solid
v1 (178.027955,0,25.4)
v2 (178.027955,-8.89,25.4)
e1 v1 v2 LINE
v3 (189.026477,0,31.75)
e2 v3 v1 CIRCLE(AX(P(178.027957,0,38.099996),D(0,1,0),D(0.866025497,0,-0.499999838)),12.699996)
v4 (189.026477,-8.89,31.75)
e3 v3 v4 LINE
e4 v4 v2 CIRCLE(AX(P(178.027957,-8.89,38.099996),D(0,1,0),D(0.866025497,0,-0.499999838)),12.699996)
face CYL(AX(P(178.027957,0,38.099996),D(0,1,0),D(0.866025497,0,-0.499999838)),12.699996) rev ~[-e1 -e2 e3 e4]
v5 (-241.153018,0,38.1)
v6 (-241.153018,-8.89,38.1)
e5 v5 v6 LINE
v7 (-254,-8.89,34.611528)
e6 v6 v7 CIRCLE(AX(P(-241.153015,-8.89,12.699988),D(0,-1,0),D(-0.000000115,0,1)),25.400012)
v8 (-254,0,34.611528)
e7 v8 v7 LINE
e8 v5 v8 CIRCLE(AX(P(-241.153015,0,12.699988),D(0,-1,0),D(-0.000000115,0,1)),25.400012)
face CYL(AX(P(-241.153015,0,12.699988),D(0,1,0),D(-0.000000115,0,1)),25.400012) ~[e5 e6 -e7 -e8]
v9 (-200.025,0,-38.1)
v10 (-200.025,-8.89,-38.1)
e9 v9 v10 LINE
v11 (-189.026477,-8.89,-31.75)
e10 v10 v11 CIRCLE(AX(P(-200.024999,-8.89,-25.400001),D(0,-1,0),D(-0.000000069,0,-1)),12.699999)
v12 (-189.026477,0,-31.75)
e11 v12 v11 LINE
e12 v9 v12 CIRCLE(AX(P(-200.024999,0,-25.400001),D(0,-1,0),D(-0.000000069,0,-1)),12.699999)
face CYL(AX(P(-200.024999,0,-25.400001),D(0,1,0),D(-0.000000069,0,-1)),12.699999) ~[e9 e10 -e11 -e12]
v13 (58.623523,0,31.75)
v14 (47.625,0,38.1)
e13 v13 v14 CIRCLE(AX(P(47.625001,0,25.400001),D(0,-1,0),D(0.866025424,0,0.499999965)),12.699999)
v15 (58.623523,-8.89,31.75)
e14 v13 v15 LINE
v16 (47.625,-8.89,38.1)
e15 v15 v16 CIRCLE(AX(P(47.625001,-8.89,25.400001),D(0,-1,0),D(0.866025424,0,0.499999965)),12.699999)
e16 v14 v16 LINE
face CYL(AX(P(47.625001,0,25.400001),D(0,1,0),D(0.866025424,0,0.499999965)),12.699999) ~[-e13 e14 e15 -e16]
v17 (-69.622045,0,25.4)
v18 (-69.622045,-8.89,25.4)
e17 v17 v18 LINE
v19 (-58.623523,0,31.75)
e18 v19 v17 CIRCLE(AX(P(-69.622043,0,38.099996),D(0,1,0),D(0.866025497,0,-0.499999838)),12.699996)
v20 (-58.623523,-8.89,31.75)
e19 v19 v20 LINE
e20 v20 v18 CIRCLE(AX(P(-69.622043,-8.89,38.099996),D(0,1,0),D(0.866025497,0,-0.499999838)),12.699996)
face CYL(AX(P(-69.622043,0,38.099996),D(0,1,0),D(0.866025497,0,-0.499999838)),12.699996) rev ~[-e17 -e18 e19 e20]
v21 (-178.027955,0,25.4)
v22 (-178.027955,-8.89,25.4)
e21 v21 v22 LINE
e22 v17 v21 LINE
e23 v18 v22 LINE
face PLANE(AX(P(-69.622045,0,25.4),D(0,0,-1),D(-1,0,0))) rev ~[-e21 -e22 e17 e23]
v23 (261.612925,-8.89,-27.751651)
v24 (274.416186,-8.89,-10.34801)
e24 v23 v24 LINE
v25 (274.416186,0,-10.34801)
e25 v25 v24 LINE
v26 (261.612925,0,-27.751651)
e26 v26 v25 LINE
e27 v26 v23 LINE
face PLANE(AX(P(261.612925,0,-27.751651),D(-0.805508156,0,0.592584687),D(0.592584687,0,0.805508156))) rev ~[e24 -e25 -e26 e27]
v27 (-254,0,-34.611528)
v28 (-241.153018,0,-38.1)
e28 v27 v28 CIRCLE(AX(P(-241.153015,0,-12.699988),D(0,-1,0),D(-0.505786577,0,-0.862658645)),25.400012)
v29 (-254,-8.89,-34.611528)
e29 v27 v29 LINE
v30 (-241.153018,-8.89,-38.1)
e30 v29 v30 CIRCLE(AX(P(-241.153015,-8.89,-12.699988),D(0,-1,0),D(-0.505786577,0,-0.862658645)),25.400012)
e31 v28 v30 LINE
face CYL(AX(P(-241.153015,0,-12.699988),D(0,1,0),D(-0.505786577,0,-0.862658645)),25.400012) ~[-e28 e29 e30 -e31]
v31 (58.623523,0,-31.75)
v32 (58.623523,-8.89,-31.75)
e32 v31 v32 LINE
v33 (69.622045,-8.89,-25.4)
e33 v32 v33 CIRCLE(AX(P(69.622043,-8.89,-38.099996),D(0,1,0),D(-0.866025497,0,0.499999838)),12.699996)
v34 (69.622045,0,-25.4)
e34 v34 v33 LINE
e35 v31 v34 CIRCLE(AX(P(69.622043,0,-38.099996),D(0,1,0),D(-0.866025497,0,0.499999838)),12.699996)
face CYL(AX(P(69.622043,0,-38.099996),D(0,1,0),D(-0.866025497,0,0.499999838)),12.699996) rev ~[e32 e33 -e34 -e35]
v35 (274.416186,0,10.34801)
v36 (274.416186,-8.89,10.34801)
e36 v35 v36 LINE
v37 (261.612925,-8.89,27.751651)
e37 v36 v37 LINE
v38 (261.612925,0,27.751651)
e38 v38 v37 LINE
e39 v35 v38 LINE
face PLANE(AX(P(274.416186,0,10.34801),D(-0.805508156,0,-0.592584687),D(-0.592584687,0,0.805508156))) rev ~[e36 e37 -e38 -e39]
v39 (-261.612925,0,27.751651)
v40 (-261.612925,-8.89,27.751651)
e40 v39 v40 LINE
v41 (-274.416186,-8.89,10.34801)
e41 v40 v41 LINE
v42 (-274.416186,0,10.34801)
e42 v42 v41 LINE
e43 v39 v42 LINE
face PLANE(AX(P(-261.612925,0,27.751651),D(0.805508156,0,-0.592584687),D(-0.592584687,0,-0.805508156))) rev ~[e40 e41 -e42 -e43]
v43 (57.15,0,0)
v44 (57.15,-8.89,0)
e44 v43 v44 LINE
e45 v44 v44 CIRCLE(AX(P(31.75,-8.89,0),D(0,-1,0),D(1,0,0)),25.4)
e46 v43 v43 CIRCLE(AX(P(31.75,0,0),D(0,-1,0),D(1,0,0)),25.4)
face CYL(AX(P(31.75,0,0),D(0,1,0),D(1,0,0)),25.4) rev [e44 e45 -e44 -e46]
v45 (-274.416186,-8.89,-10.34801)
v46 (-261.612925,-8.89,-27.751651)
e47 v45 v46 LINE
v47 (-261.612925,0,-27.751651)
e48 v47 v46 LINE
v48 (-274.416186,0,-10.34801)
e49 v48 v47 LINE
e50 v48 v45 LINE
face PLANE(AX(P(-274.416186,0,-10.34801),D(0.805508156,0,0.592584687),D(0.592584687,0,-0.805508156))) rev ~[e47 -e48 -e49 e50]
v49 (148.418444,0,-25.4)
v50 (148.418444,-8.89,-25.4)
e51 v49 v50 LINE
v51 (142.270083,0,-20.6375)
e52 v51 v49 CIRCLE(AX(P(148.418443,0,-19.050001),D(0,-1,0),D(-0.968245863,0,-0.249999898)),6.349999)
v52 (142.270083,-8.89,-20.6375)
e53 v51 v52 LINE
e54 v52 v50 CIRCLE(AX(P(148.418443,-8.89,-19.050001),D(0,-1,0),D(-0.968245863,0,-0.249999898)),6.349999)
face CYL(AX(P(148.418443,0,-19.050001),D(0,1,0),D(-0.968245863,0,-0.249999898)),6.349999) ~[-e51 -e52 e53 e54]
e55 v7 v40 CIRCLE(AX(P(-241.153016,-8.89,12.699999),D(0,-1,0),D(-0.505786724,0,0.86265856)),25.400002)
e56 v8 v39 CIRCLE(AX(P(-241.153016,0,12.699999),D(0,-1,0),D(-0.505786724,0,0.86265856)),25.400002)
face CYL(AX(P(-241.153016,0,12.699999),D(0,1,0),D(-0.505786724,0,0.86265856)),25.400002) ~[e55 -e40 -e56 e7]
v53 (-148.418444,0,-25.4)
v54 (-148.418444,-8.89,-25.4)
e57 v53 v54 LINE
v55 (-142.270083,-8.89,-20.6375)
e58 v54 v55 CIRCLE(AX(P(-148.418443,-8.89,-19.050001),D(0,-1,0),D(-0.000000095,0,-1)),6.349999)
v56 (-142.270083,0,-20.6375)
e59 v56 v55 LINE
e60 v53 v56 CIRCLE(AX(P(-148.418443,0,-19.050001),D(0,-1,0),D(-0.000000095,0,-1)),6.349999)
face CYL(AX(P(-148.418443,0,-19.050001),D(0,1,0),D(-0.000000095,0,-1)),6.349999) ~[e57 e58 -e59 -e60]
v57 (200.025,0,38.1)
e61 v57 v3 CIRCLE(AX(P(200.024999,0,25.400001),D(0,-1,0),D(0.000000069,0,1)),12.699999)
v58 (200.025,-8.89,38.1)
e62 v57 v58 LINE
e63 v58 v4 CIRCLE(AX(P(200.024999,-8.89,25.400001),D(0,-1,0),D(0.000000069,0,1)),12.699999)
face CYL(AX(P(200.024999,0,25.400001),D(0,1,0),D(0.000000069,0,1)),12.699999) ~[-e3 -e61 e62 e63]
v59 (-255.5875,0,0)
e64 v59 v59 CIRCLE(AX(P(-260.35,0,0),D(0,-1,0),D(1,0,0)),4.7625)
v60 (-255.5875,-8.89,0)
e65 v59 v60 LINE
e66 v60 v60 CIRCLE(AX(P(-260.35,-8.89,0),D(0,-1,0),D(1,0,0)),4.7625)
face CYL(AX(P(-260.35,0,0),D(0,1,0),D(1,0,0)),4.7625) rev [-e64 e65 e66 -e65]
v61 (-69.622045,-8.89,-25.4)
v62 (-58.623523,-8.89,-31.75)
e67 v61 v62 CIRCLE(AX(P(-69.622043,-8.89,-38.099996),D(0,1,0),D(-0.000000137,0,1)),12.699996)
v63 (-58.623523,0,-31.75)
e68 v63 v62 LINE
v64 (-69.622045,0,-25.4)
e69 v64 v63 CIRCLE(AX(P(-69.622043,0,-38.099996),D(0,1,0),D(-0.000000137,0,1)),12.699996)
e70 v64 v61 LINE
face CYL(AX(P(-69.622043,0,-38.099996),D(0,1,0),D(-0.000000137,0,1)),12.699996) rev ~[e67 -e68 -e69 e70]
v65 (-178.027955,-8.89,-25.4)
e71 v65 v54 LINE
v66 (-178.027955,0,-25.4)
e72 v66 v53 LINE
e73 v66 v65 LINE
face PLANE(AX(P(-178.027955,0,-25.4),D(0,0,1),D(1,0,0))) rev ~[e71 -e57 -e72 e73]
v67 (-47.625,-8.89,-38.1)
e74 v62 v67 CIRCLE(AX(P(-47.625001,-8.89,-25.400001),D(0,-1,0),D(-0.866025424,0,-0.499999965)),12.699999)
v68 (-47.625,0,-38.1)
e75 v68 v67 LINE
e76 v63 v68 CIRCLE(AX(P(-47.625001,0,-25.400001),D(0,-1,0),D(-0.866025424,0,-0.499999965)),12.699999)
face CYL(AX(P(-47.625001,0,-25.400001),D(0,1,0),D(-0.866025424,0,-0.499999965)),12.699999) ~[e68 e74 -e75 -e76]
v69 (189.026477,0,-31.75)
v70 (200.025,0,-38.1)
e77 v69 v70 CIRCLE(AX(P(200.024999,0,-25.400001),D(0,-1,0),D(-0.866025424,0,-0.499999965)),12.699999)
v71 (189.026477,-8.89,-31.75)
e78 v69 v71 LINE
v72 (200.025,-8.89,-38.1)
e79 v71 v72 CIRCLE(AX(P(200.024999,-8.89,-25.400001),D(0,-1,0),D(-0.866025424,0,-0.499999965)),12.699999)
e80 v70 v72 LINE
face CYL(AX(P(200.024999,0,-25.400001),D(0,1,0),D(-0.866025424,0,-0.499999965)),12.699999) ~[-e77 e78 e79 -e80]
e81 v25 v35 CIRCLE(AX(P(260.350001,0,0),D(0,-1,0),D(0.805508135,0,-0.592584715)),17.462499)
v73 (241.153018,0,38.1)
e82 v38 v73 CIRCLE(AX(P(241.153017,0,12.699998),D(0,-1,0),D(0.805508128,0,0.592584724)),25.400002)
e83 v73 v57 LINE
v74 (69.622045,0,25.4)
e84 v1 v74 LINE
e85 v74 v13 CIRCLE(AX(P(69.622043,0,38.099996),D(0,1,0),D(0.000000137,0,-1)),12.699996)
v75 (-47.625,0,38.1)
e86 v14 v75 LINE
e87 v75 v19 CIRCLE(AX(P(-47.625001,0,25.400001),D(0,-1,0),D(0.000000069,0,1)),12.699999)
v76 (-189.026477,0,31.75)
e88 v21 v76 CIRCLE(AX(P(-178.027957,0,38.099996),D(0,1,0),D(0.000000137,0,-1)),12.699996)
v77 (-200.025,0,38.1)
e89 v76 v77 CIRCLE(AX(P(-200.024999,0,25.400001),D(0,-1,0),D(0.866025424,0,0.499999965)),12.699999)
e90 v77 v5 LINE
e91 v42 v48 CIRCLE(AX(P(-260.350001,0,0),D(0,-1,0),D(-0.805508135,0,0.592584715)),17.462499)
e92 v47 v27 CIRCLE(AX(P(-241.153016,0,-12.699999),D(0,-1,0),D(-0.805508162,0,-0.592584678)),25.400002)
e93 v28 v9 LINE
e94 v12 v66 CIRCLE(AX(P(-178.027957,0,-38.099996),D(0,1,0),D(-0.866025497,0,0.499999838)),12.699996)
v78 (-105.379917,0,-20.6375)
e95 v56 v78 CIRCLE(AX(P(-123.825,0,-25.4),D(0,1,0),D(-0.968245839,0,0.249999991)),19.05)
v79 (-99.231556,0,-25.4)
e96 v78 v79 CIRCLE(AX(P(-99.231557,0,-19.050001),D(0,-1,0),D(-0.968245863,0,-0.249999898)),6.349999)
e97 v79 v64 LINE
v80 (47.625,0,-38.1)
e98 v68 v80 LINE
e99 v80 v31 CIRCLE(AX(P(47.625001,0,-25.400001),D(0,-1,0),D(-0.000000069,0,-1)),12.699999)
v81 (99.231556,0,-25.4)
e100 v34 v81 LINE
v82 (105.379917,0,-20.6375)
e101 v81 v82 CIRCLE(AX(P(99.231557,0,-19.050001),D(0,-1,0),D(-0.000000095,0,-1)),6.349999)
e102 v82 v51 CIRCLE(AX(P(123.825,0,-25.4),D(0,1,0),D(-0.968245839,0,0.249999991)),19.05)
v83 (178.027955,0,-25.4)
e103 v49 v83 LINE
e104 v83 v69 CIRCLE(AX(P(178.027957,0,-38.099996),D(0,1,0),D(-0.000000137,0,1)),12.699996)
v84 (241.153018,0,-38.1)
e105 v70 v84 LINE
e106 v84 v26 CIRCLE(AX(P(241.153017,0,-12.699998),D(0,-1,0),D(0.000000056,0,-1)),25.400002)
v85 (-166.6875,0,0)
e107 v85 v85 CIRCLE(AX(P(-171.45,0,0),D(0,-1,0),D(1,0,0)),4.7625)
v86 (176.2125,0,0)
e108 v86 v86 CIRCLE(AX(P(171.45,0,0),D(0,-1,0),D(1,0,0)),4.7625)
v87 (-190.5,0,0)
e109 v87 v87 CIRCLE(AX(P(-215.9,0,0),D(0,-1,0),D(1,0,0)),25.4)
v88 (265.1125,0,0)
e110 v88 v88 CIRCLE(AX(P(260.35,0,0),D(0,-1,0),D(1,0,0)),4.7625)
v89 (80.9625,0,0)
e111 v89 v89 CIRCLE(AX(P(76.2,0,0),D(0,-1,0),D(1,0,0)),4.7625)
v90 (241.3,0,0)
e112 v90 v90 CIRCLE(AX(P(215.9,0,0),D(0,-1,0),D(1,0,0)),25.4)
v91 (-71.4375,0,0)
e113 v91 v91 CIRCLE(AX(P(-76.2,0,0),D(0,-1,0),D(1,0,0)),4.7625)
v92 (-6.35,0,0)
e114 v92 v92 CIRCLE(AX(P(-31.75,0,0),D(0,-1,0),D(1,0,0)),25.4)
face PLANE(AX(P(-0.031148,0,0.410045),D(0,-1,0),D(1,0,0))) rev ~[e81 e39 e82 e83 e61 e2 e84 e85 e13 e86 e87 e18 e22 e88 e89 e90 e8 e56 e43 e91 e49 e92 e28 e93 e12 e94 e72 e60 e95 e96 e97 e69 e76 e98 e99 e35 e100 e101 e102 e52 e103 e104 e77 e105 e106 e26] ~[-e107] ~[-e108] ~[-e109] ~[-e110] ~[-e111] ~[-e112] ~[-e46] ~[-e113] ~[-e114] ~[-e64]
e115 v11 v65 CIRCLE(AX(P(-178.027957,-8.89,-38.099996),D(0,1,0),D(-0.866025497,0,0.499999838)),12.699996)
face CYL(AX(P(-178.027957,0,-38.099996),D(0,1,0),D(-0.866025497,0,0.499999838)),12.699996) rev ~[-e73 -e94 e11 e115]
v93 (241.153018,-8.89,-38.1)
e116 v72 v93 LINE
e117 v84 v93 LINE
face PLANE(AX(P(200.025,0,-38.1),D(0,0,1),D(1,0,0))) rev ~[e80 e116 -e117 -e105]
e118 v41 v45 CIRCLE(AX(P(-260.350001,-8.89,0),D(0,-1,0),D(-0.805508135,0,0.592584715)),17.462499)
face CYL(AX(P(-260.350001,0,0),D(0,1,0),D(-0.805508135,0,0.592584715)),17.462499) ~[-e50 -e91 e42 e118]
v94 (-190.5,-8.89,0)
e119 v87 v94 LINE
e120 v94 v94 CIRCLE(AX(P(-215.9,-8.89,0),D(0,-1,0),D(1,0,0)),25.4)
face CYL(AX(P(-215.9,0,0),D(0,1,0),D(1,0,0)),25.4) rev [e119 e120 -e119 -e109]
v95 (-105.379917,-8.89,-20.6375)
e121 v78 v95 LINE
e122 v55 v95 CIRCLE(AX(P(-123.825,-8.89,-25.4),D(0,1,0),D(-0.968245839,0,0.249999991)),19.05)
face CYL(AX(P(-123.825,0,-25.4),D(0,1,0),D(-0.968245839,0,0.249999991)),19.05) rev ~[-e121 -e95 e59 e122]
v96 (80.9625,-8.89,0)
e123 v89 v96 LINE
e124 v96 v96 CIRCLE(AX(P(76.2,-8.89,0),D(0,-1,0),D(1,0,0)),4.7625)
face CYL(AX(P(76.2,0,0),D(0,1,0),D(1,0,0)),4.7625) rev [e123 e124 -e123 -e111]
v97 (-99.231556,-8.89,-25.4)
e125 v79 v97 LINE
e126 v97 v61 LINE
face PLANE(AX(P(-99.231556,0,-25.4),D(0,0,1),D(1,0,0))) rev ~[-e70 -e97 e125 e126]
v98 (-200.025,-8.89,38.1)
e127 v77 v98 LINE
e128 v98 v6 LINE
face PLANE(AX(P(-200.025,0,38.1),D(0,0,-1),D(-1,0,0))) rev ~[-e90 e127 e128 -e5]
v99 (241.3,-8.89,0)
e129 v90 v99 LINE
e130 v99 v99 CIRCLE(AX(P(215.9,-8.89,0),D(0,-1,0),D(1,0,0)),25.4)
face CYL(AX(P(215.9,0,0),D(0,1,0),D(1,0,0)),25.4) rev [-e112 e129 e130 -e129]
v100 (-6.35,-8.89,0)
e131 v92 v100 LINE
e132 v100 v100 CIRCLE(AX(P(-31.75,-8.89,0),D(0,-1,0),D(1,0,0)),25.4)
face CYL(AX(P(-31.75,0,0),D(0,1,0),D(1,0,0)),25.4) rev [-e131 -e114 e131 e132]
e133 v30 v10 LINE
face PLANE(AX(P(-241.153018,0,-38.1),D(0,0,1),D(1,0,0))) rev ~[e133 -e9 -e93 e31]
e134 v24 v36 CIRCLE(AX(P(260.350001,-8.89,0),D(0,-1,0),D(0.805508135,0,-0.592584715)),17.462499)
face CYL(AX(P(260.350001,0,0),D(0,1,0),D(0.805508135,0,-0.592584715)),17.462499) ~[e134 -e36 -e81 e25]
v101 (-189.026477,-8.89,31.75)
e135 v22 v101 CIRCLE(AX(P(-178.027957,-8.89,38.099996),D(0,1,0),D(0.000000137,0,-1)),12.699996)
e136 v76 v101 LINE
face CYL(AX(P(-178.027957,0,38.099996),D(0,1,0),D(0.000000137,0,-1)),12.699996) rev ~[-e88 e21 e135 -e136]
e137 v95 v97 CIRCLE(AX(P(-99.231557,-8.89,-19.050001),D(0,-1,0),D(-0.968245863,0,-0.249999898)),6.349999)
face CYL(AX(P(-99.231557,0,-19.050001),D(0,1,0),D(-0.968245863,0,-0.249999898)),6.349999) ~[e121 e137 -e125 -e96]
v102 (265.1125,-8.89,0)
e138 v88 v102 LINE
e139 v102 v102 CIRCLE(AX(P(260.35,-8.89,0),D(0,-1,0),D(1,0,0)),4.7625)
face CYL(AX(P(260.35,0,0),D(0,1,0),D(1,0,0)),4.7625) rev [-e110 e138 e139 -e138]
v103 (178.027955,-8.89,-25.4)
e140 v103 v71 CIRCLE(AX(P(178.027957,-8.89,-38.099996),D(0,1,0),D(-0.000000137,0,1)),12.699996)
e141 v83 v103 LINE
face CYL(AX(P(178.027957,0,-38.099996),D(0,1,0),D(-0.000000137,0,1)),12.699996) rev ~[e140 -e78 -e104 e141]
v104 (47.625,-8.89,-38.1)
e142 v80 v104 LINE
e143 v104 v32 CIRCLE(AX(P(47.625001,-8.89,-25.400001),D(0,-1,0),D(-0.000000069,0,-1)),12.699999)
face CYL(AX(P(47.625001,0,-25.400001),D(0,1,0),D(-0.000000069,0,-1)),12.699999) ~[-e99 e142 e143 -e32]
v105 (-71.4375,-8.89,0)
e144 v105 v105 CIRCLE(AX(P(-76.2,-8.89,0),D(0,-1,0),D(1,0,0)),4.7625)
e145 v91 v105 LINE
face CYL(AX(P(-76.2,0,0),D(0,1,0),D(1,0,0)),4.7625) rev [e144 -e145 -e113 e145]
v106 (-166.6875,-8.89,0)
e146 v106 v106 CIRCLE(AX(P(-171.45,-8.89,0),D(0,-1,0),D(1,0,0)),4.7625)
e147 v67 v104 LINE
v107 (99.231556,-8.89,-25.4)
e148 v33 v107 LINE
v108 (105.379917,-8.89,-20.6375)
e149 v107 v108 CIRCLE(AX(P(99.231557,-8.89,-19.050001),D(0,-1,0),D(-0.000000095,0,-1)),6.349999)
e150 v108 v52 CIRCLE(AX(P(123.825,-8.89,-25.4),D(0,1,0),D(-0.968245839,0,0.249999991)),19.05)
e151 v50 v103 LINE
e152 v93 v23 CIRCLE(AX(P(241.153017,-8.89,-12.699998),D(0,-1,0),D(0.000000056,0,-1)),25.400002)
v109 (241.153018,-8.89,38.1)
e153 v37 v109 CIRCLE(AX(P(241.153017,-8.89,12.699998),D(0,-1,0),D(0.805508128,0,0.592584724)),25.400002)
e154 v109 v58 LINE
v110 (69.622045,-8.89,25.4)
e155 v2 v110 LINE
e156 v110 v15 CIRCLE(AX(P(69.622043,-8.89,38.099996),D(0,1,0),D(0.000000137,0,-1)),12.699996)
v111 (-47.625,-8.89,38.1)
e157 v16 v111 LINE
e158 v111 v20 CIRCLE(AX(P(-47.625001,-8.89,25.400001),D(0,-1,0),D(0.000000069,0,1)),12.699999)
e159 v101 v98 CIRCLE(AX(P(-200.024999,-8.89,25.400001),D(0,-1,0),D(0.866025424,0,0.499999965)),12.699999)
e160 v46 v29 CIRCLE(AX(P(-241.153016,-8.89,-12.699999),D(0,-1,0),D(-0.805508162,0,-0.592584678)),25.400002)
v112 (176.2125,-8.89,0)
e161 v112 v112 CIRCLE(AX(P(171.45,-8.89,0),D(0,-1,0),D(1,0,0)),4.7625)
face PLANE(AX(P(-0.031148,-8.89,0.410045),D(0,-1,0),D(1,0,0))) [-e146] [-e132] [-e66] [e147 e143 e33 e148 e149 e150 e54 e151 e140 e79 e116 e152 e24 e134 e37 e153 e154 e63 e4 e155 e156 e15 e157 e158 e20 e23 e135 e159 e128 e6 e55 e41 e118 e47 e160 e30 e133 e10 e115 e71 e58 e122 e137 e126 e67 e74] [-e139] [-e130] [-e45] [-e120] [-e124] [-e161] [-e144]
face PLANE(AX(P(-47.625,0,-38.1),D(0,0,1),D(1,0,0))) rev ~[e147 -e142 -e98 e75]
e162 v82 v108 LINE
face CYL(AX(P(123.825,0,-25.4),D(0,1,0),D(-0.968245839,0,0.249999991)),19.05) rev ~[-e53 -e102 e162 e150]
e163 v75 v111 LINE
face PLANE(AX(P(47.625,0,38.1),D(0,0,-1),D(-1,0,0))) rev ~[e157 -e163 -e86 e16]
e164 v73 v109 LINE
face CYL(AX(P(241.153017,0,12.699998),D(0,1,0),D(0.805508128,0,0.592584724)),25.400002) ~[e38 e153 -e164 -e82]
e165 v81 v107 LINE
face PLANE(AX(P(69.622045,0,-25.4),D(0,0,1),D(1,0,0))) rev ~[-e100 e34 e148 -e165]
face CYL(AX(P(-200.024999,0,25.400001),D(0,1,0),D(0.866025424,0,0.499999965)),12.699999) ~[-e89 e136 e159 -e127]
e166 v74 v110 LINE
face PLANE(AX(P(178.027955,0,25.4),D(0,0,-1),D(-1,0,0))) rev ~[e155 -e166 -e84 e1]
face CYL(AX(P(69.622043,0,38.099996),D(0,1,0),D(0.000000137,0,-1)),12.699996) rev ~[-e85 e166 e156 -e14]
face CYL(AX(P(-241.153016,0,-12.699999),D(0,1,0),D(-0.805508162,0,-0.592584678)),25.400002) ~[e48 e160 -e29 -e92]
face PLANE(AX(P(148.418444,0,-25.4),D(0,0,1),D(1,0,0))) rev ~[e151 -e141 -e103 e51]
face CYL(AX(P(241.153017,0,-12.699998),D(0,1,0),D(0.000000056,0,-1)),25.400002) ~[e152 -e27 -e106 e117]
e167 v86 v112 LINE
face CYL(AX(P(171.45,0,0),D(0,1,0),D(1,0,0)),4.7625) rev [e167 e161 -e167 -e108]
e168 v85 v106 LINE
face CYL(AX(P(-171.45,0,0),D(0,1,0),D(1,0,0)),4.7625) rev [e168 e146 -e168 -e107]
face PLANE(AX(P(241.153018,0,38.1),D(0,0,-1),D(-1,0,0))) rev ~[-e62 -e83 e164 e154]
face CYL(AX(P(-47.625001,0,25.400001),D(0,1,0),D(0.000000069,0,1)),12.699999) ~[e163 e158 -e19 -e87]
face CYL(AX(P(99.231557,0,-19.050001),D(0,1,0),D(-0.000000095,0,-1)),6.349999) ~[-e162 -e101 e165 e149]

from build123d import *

# Parameters (mm, degrees)
F0_R     = 4.7625
F0_R_2   = 25.4
F1_DEPTH = 8.89


with BuildPart() as f1:
    # F0 (on Front) → F1 (new body)
    with BuildSketch(Plane.XZ):
        with BuildLine():
            Line((-200.025, 38.1), (-241.153018, 38.1))
            ThreePointArc((-241.153018, 38.1), (-247.809113, 37.212372), (-254, 34.611528))
            ThreePointArc((-254, 34.611528), (-258.156009, 31.569507), (-261.612925, 27.751651))
            Line((-261.612925, 27.751651), (-274.416186, 10.34801))
            ThreePointArc((-274.416186, 10.34801), (-277.8125, 0), (-274.416186, -10.34801))
            Line((-274.416186, -10.34801), (-261.612925, -27.751651))
            ThreePointArc((-261.612925, -27.751651), (-258.156009, -31.569507), (-254, -34.611528))
            ThreePointArc((-254, -34.611528), (-247.809113, -37.212372), (-241.153018, -38.1))
            Line((-241.153018, -38.1), (-200.025, -38.1))
            ThreePointArc((-200.025, -38.1), (-193.675, -36.398523), (-189.026477, -31.75))
            ThreePointArc((-189.026477, -31.75), (-184.377955, -27.101477), (-178.027955, -25.4))
            Line((-178.027955, -25.4), (-148.418444, -25.4))
            ThreePointArc((-148.418444, -25.4), (-144.529879, -24.070116), (-142.270083, -20.6375))
            ThreePointArc((-142.270083, -20.6375), (-123.825, -6.35), (-105.379917, -20.6375))
            ThreePointArc((-105.379917, -20.6375), (-103.120121, -24.070116), (-99.231556, -25.4))
            Line((-99.231556, -25.4), (-69.622045, -25.4))
            ThreePointArc((-69.622045, -25.4), (-63.272045, -27.101477), (-58.623523, -31.75))
            ThreePointArc((-58.623523, -31.75), (-53.975, -36.398523), (-47.625, -38.1))
            Line((-47.625, -38.1), (47.625, -38.1))
            ThreePointArc((47.625, -38.1), (53.975, -36.398523), (58.623523, -31.75))
            ThreePointArc((58.623523, -31.75), (63.272045, -27.101477), (69.622045, -25.4))
            Line((69.622045, -25.4), (99.231556, -25.4))
            ThreePointArc((99.231556, -25.4), (103.120121, -24.070116), (105.379917, -20.6375))
            ThreePointArc((105.379917, -20.6375), (123.825, -6.35), (142.270083, -20.6375))
            ThreePointArc((142.270083, -20.6375), (144.529879, -24.070116), (148.418444, -25.4))
            Line((148.418444, -25.4), (178.027955, -25.4))
            ThreePointArc((178.027955, -25.4), (184.377955, -27.101477), (189.026477, -31.75))
            ThreePointArc((189.026477, -31.75), (193.675, -36.398523), (200.025, -38.1))
            Line((200.025, -38.1), (241.153018, -38.1))
            ThreePointArc((241.153018, -38.1), (252.61705, -35.365744), (261.612925, -27.751651))
            Line((261.612925, -27.751651), (274.416186, -10.34801))
            ThreePointArc((274.416186, -10.34801), (277.8125, 0), (274.416186, 10.34801))
            Line((274.416186, 10.34801), (261.612925, 27.751651))
            ThreePointArc((261.612925, 27.751651), (252.61705, 35.365744), (241.153018, 38.1))
            Line((241.153018, 38.1), (200.025, 38.1))
            ThreePointArc((200.025, 38.1), (193.675, 36.398523), (189.026477, 31.75))
            ThreePointArc((189.026477, 31.75), (184.377955, 27.101477), (178.027955, 25.4))
            Line((178.027955, 25.4), (69.622045, 25.4))
            ThreePointArc((69.622045, 25.4), (63.272045, 27.101477), (58.623523, 31.75))
            ThreePointArc((58.623523, 31.75), (53.975, 36.398523), (47.625, 38.1))
            Line((47.625, 38.1), (-47.625, 38.1))
            ThreePointArc((-47.625, 38.1), (-53.975, 36.398523), (-58.623523, 31.75))
            ThreePointArc((-58.623523, 31.75), (-63.272045, 27.101477), (-69.622045, 25.4))
            Line((-69.622045, 25.4), (-178.027955, 25.4))
            ThreePointArc((-178.027955, 25.4), (-184.377955, 27.101477), (-189.026477, 31.75))
            ThreePointArc((-189.026477, 31.75), (-193.675, 36.398523), (-200.025, 38.1))
        make_face()
        with Locations((-260.35, 0)):
            Circle(F0_R, mode=Mode.SUBTRACT)
        with Locations((-215.9, 0)):
            Circle(F0_R_2, mode=Mode.SUBTRACT)
        with Locations((-171.45, 0)):
            Circle(F0_R, mode=Mode.SUBTRACT)
        with Locations((-76.2, 0)):
            Circle(F0_R, mode=Mode.SUBTRACT)
        with Locations((-31.75, 0)):
            Circle(F0_R_2, mode=Mode.SUBTRACT)
        with Locations((31.75, 0)):
            Circle(F0_R_2, mode=Mode.SUBTRACT)
        with Locations((76.2, 0)):
            Circle(F0_R, mode=Mode.SUBTRACT)
        with Locations((171.45, 0)):
            Circle(F0_R, mode=Mode.SUBTRACT)
        with Locations((215.9, 0)):
            Circle(F0_R_2, mode=Mode.SUBTRACT)
        with Locations((260.35, 0)):
            Circle(F0_R, mode=Mode.SUBTRACT)
    extrude(amount=F1_DEPTH)


solid = f1.part
